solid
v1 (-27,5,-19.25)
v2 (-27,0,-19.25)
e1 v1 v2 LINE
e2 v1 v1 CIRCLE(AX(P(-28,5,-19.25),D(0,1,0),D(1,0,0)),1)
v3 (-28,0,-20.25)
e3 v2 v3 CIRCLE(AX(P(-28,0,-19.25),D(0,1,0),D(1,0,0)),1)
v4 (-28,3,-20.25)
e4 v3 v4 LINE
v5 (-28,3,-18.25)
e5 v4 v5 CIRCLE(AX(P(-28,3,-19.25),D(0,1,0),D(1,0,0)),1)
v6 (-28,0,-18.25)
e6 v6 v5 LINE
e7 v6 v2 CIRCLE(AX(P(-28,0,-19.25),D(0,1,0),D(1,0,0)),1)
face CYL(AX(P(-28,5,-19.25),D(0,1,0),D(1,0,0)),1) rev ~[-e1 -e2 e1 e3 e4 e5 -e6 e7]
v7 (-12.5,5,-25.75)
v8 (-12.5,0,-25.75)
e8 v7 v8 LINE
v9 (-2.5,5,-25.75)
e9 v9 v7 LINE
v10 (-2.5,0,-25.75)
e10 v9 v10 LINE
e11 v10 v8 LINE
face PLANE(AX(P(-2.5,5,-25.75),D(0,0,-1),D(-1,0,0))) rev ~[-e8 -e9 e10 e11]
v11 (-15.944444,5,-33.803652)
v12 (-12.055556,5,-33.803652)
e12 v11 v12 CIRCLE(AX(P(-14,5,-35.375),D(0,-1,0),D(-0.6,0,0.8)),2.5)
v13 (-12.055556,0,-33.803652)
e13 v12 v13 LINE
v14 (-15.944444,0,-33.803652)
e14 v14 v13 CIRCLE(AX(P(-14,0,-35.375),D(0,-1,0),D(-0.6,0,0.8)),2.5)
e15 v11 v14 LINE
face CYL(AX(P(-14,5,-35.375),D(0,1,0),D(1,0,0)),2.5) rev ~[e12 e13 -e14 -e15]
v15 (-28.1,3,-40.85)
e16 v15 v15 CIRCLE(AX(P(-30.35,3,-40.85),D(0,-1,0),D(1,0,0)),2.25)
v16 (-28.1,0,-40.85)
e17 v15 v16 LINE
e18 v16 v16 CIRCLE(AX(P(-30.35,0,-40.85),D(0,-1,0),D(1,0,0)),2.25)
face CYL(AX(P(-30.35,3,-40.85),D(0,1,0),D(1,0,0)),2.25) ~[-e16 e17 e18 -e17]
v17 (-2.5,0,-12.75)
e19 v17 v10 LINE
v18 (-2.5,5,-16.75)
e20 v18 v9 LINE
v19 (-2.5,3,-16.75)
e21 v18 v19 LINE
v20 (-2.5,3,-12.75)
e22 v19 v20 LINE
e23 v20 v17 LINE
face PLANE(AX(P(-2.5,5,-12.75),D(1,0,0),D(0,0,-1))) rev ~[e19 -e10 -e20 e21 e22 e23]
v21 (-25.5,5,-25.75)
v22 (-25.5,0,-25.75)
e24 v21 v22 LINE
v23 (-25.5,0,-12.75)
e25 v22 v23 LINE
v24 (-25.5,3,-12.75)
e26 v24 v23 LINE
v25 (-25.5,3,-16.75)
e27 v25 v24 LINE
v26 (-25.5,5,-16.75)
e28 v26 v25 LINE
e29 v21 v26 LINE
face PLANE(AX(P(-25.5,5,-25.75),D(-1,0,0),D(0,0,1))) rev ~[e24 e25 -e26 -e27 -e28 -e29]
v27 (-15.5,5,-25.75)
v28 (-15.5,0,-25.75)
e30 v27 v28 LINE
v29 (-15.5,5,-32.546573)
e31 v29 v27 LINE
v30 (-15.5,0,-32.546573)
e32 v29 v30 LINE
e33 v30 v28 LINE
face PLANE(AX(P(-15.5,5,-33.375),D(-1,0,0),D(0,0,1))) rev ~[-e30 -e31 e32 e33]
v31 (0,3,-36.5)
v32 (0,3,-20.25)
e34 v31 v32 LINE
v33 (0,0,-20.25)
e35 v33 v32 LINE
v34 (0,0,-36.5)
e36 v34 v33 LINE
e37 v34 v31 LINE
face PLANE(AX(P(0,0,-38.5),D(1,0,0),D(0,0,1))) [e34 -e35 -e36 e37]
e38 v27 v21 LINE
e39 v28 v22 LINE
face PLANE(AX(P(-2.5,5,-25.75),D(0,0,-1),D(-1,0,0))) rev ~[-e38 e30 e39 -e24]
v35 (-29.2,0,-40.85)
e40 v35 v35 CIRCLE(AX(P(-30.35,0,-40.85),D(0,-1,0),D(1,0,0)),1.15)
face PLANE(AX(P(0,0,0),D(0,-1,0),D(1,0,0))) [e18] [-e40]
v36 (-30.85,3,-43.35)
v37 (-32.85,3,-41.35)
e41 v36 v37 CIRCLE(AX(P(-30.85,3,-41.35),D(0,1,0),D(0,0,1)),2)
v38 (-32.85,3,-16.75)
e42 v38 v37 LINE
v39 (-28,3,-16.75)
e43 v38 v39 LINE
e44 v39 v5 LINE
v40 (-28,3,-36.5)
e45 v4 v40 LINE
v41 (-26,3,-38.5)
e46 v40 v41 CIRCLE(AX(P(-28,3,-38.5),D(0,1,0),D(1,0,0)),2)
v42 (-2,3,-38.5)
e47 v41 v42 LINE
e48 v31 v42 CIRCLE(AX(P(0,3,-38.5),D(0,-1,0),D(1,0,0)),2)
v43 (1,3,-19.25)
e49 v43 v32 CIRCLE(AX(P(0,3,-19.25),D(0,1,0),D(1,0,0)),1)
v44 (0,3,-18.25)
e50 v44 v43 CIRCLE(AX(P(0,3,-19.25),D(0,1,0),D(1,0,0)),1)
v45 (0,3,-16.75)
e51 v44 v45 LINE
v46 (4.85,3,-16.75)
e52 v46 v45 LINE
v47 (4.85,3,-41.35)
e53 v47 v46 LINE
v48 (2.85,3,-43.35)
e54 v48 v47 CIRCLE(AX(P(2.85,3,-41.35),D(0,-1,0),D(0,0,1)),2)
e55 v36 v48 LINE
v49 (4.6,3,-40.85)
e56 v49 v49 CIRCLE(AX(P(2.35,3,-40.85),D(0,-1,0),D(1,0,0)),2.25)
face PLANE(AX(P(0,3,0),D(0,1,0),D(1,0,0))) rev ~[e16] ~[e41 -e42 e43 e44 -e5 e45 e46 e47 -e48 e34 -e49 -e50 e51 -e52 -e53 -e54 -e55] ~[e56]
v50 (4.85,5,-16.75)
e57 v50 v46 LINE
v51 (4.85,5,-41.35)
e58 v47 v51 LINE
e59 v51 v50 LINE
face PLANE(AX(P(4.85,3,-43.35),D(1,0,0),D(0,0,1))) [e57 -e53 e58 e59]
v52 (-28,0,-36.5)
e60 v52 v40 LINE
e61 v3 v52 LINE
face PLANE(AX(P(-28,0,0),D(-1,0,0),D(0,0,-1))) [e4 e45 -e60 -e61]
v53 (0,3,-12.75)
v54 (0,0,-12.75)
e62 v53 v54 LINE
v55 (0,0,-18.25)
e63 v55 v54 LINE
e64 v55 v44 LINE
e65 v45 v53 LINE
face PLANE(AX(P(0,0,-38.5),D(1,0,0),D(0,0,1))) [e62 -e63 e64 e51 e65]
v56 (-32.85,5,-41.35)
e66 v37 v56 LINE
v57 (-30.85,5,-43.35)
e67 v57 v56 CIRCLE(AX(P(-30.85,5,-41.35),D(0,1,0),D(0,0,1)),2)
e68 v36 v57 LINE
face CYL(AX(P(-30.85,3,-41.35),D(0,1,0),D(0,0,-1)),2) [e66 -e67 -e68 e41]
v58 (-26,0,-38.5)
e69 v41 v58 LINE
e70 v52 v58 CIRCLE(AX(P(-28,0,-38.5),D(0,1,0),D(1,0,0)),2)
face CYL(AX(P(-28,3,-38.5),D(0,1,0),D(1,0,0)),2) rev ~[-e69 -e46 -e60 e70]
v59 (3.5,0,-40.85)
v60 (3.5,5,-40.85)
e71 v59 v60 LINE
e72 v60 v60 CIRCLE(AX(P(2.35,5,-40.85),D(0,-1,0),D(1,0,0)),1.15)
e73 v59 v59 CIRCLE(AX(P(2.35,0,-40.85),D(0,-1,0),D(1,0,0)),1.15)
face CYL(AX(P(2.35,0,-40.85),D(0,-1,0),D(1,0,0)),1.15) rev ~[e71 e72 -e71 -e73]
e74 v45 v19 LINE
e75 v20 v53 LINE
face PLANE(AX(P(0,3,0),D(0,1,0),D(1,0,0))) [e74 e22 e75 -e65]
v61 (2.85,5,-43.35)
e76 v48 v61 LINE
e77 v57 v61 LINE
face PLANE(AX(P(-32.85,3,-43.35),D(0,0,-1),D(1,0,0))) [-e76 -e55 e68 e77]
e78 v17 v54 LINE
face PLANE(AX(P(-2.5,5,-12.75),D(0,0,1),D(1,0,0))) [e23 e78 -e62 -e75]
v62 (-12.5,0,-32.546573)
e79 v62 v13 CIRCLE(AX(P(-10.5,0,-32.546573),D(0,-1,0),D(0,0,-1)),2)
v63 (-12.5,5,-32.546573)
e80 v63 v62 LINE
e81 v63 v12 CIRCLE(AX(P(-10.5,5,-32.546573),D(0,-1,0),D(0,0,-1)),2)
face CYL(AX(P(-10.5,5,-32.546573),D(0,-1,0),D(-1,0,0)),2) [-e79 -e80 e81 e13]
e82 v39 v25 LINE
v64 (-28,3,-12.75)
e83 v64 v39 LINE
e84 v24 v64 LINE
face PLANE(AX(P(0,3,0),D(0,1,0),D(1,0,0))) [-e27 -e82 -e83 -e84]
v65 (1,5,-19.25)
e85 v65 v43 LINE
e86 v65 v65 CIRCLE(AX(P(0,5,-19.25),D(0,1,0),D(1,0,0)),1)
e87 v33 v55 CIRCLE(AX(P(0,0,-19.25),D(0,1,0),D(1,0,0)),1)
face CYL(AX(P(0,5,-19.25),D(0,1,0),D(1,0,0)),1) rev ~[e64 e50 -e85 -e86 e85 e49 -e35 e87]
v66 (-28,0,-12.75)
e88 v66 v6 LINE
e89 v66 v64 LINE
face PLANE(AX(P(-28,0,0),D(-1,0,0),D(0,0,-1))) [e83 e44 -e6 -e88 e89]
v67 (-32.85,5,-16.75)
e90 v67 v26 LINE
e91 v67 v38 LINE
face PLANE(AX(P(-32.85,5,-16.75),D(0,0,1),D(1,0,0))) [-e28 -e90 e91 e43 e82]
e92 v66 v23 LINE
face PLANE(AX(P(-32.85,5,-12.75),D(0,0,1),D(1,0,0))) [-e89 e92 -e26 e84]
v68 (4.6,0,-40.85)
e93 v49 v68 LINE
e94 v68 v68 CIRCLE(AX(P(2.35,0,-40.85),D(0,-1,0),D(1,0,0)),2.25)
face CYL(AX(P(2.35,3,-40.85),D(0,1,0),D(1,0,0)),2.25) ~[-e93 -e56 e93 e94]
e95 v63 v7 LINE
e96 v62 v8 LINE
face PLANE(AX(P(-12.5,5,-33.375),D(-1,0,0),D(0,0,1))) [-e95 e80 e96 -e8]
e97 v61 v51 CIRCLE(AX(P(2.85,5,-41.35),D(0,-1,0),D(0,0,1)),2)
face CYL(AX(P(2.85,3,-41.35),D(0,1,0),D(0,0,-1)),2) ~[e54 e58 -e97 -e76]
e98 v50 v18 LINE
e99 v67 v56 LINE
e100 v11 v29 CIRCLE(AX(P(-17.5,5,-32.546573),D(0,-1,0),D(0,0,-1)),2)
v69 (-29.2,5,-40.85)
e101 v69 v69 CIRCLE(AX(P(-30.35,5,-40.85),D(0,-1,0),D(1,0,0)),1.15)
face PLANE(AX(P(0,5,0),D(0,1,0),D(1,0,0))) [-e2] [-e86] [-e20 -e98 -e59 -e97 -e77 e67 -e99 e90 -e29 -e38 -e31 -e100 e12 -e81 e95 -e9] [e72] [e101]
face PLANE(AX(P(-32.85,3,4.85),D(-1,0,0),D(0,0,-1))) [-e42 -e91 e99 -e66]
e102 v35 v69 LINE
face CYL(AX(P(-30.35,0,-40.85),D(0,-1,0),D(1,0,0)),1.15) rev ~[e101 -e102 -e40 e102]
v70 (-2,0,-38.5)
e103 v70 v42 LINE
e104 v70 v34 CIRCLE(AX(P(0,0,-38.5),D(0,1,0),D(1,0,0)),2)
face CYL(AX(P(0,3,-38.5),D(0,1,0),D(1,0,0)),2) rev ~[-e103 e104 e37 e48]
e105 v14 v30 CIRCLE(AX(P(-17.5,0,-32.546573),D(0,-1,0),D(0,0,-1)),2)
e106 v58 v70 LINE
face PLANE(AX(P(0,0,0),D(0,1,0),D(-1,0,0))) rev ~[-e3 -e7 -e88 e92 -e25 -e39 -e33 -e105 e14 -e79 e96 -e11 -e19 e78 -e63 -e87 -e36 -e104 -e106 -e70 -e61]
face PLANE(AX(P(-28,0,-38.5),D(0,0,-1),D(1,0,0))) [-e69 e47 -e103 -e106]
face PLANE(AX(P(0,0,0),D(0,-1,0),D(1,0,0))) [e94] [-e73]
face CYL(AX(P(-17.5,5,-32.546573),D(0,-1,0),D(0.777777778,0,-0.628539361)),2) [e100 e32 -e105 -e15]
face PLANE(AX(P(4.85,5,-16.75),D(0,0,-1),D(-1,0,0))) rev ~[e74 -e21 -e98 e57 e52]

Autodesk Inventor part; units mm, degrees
ref_plane "YZ Plane" through (0, 0, 0) normal (1, 0, 0) x (0, 1, 0)
ref_plane "XZ Plane" through (0, 0, 0) normal (0, 1, 0) x (-1, 0, 0)
ref_plane "XY Plane" through (0, 0, 0) normal (0, 0, 1) x (1, 0, 0)
sketch "Sketch1" plane through (0, 0, 0) normal (0, 1, 0) x (-1, 0, 0)
  line L0 (0, 0) -> (28, 0)
  line L1 (28, 0) -> (28, -38.5)
  line L2 (28, -38.5) -> (0, -38.5)
  line L3 (0, -38.5) -> (0, 0)
  dimension "d0" = 28
  dimension "d1" = 38.5
extrude "Extrusion1" add sketch "Sketch1" along normal blind 3
sketch "Sketch2" plane through (0, 3, 0) normal (0, 1, 0) x (1, 0, 0)
  line L0 (-28, 0) -> (0, 0) projected
  circle A0 centre (0, 0) radius 2
  circle A1 centre (-28, 0) radius 2
  line L1 (0, 38.5) -> (-28, 38.5) projected
  circle A2 centre (-28, 38.5) radius 2
  circle A3 centre (0, 38.5) radius 2
  dimension "d8" = 4
  dimension "d9" = 4
  dimension "d10" = 4
  dimension "d11" = 4
extrude "Extrusion2" cut sketch "Sketch2" against normal blind 3
sketch "Sketch3" plane through (0, 3, 0) normal (0, 1, 0) x (1, 0, 0)
  line L0 (-32.85, 43.35) -> (4.85, 43.35)
  line L1 (4.85, 43.35) -> (4.85, -4.85)
  line L2 (4.85, -4.85) -> (-32.85, -4.85)
  line L3 (-32.85, -4.85) -> (-32.85, 43.35)
  line L4 (-2, 38.5) -> (-26, 38.5) projected
  line L5 (0, 2) -> (0, 36.5) projected
  point P0 (0, 0)
  point P1 (-2, 6.25)
  point P2 (-26, 32.25)
  dimension "d14" = 48.2
  dimension "d15" = 37.7
  dimension "d16" = 4.85
  dimension "d17" = 4.85
extrude "Extrusion3" add sketch "Sketch3" along normal blind 2
sketch "Sketch4" plane through (0, 3, 0) normal (0, -1, 0) x (1, 0, 0)
  circle A0 centre (2.35, -40.85) radius 2.25
  line L0 (-2, -38.5) -> (-26, -38.5) projected
  line L1 (0, -2) -> (0, -36.5) projected
  circle A1 centre (-30.35, -40.85) radius 2.25
  line L2 (-28, -36.5) -> (-28, -2) projected
  circle A2 centre (-30.35, 2.35) radius 2.25
  line L3 (-26, 0) -> (-2, 0) projected
  circle A3 centre (2.35, 2.35) radius 2.25
  point P0 (0, 0)
  dimension "d20" = 4.5
  dimension "d21" = 2.35
  dimension "d22" = 2.35
  dimension "d23" = 4.5
  dimension "d24" = 2.35
  dimension "d25" = 2.35
  dimension "d26" = 4.5
  dimension "d27" = 2.35
  dimension "d28" = 4.5
  dimension "d29" = 2.35
  dimension "d30" = 2.35
  dimension "d31" = 2.35
extrude "Extrusion4" add sketch "Sketch4" along normal blind 3
fillet "Fillet1" radius 2 4 edges at (4.85, 4, -43.35) (4.85, 4, 4.85) (-32.85, 4, 4.85) (-32.85, 4, -43.35)
sketch "Sketch5" plane through (0, 5, 0) normal (0, 1, 0) x (1, 0, 0)
  circle A0 centre (0, 19.25) radius 1
  circle A1 centre (-28, 19.25) radius 1
  line L0 (4.85, -2.85) -> (4.85, 41.35) projected
  line L1 (-30.85, -4.85) -> (2.85, -4.85) projected
  point P0 (0, 0)
  dimension "d45" = 2
  dimension "d46" = 2
  dimension "d73" = 28
  dimension "d81" = 24.1
  dimension "d82" = 4.85
extrude "Extrusion6" cut sketch "Sketch5" against normal through all
sketch "Sketch8" plane through (0, 5, 0) normal (0, 1, 0) x (1, 0, 0)
  circle A0 centre (-14, 3.125) radius 1.75
  line L0 (-2, 6.25) -> (-26, 6.25) projected
  line L1 (-26, 0) -> (-2, 0) projected
  line L2 (-32.85, 41.35) -> (-32.85, -2.85) projected
  point P0 (0, 0)
  dimension "d68" = 3.5
  dimension "d69" = 3.125
  dimension "d70" = 18.85
extrude "Extrusion9" cut sketch "Sketch8" against normal through all
sketch "Sketch9" plane through (0, 5, 0) normal (0, 1, 0) x (1, 0, 0)
  circle A0 centre (-14, 3.125) radius 1.75 projected
  line L0 (-15, 4.5611) -> (-15, 6.25)
  line L1 (-15, 6.25) -> (-13, 6.25)
  line L2 (-13, 6.25) -> (-13, 4.5611)
  arc A1 (-13, 4.5611) -> (-15, 4.5611) centre (-14, 3.125) ccw
  line L3 (-2, 6.25) -> (-26, 6.25) projected
  point P0 (0, 0)
  point P1 (-14, 6.25)
  dimension "d76" = 2
  dimension "d77" = 1
extrude "Extrusion10" cut sketch "Sketch9" against normal through all contours A0 L0 L1 L2
fillet "Fillet2" radius 2 2 edges at (-15, 2.5, -4.5611) (-13, 2.5, -4.5611)
sketch "Sketch10" plane through (0, 5, 0) normal (0, 1, 0) x (1, 0, 0)
  line L0 (-25.5, 12.75) -> (-2.5, 12.75)
  line L1 (-2.5, 12.75) -> (-2.5, 25.75)
  line L2 (-2.5, 25.75) -> (-25.5, 25.75)
  line L3 (-25.5, 25.75) -> (-25.5, 12.75)
  line L4 (-32.85, 41.35) -> (-32.85, -2.85) projected
  circle A0 centre (-28, 19.25) radius 1 projected
  point P0 (0, 0)
  dimension "d83" = 23
  dimension "d84" = 13
  dimension "d85" = 7.35
  dimension "d86" = 6.5
extrude "Extrusion11" cut sketch "Sketch10" against normal through all contours L3 L2 L1 L0
sketch "Sketch11" plane through (0, 5, 0) normal (0, 1, 0) x (1, 0, 0)
  line L0 (4.85, -4.85) -> (-32.85, -4.85)
  line L1 (-32.85, -4.85) -> (-32.85, 12.75)
  line L2 (-32.85, 12.75) -> (4.85, 12.75)
  line L3 (4.85, 12.75) -> (4.85, -4.85)
  line L4 (-2.5, 12.75) -> (-25.5, 12.75) projected
  point P0 (0, 0)
  point P1 (-32.85, -2.85)
  point P2 (2.85, -4.85)
  point P3 (4.85, -2.85)
extrude "Extrusion12" cut sketch "Sketch11" against normal through all
sketch "Sketch12" plane through (0, 5, 0) normal (0, 1, 0) x (1, 0, 0)
  circle A0 centre (-14, 35.375) radius 2.5
  line L0 (-2, 38.5) -> (-26, 38.5) projected
  line L1 (4.85, 12.75) -> (4.85, 41.35) projected
  point P0 (0, 0)
  point P1 (-14, 38.5)
  dimension "d92" = 5
  dimension "d93" = 3.125
  dimension "d94" = 18.85
extrude "Extrusion13" cut sketch "Sketch12" against normal through all
sketch "Sketch13" plane through (0, 5, 0) normal (0, 1, 0) x (1, 0, 0)
  circle A0 centre (-14, 35.375) radius 2.5 projected
  line L0 (-15.5, 33.375) -> (-15.5, 25.75)
  line L1 (-2.5, 25.75) -> (-25.5, 25.75) projected
  line L2 (-12.5, 33.375) -> (-12.5, 19.264)
  point P0 (0, 0)
  point P1 (-12.5, 25.75)
  dimension "d97" = 3
extrude "Extrusion14" cut sketch "Sketch13" against normal through all contours A0 L2 L1 L0
fillet "Fillet3" radius 2 2 edges at (-12.5, 2.5, -33.375) (-15.5, 2.5, -33.375)
sketch "Sketch14" plane through (-30.35, 0, -40.85) normal (0, -1, 0) x (1, 0, 0)
  circle A0 centre (32.7, 0) radius 2.25 projected
  circle A1 centre (0, 0) radius 2.25 projected
  circle A2 centre (32.7, 0) radius 1.15
  circle A3 centre (0, 0) radius 1.15
  point P0 (30.35, 40.85)
  dimension "d101" = 2.3
  dimension "d102" = 2.3
extrude "Extrusion15" cut sketch "Sketch14" against normal through all contours A2 | A3
sketch "Sketch16" plane through (0, 5, 0) normal (0, 1, 0) x (1, 0, 0)
  line L0 (-25.5, 25.75) -> (-25.5, 12.75) projected
  line L1 (-32.85, 41.35) -> (-32.85, 12.75) projected
  line L2 (-25.5, 12.75) -> (-32.85, 12.75)
  line L3 (-32.85, 12.75) -> (-32.85, 16.75)
  line L4 (-32.85, 16.75) -> (-25.5, 16.75)
  line L5 (-25.5, 16.75) -> (-25.5, 12.75)
  line L6 (-2.5, 25.75) -> (-2.5, 12.75) projected
  line L7 (4.85, 12.75) -> (4.85, 41.35) projected
  line L8 (-2.5, 12.75) -> (4.85, 12.75)
  line L9 (4.85, 12.75) -> (4.85, 16.75)
  line L10 (4.85, 16.75) -> (-2.5, 16.75)
  line L11 (-2.5, 16.75) -> (-2.5, 12.75)
  point P0 (0, 0)
  point P1 (1.175, 12.75)
  point P2 (-2.5, 16.75)
  dimension "d109" = 4
  dimension "d110" = 4
extrude "Extrusion17" cut sketch "Sketch16" against normal blind 2
properties part number "ServoFullMountInsert"
